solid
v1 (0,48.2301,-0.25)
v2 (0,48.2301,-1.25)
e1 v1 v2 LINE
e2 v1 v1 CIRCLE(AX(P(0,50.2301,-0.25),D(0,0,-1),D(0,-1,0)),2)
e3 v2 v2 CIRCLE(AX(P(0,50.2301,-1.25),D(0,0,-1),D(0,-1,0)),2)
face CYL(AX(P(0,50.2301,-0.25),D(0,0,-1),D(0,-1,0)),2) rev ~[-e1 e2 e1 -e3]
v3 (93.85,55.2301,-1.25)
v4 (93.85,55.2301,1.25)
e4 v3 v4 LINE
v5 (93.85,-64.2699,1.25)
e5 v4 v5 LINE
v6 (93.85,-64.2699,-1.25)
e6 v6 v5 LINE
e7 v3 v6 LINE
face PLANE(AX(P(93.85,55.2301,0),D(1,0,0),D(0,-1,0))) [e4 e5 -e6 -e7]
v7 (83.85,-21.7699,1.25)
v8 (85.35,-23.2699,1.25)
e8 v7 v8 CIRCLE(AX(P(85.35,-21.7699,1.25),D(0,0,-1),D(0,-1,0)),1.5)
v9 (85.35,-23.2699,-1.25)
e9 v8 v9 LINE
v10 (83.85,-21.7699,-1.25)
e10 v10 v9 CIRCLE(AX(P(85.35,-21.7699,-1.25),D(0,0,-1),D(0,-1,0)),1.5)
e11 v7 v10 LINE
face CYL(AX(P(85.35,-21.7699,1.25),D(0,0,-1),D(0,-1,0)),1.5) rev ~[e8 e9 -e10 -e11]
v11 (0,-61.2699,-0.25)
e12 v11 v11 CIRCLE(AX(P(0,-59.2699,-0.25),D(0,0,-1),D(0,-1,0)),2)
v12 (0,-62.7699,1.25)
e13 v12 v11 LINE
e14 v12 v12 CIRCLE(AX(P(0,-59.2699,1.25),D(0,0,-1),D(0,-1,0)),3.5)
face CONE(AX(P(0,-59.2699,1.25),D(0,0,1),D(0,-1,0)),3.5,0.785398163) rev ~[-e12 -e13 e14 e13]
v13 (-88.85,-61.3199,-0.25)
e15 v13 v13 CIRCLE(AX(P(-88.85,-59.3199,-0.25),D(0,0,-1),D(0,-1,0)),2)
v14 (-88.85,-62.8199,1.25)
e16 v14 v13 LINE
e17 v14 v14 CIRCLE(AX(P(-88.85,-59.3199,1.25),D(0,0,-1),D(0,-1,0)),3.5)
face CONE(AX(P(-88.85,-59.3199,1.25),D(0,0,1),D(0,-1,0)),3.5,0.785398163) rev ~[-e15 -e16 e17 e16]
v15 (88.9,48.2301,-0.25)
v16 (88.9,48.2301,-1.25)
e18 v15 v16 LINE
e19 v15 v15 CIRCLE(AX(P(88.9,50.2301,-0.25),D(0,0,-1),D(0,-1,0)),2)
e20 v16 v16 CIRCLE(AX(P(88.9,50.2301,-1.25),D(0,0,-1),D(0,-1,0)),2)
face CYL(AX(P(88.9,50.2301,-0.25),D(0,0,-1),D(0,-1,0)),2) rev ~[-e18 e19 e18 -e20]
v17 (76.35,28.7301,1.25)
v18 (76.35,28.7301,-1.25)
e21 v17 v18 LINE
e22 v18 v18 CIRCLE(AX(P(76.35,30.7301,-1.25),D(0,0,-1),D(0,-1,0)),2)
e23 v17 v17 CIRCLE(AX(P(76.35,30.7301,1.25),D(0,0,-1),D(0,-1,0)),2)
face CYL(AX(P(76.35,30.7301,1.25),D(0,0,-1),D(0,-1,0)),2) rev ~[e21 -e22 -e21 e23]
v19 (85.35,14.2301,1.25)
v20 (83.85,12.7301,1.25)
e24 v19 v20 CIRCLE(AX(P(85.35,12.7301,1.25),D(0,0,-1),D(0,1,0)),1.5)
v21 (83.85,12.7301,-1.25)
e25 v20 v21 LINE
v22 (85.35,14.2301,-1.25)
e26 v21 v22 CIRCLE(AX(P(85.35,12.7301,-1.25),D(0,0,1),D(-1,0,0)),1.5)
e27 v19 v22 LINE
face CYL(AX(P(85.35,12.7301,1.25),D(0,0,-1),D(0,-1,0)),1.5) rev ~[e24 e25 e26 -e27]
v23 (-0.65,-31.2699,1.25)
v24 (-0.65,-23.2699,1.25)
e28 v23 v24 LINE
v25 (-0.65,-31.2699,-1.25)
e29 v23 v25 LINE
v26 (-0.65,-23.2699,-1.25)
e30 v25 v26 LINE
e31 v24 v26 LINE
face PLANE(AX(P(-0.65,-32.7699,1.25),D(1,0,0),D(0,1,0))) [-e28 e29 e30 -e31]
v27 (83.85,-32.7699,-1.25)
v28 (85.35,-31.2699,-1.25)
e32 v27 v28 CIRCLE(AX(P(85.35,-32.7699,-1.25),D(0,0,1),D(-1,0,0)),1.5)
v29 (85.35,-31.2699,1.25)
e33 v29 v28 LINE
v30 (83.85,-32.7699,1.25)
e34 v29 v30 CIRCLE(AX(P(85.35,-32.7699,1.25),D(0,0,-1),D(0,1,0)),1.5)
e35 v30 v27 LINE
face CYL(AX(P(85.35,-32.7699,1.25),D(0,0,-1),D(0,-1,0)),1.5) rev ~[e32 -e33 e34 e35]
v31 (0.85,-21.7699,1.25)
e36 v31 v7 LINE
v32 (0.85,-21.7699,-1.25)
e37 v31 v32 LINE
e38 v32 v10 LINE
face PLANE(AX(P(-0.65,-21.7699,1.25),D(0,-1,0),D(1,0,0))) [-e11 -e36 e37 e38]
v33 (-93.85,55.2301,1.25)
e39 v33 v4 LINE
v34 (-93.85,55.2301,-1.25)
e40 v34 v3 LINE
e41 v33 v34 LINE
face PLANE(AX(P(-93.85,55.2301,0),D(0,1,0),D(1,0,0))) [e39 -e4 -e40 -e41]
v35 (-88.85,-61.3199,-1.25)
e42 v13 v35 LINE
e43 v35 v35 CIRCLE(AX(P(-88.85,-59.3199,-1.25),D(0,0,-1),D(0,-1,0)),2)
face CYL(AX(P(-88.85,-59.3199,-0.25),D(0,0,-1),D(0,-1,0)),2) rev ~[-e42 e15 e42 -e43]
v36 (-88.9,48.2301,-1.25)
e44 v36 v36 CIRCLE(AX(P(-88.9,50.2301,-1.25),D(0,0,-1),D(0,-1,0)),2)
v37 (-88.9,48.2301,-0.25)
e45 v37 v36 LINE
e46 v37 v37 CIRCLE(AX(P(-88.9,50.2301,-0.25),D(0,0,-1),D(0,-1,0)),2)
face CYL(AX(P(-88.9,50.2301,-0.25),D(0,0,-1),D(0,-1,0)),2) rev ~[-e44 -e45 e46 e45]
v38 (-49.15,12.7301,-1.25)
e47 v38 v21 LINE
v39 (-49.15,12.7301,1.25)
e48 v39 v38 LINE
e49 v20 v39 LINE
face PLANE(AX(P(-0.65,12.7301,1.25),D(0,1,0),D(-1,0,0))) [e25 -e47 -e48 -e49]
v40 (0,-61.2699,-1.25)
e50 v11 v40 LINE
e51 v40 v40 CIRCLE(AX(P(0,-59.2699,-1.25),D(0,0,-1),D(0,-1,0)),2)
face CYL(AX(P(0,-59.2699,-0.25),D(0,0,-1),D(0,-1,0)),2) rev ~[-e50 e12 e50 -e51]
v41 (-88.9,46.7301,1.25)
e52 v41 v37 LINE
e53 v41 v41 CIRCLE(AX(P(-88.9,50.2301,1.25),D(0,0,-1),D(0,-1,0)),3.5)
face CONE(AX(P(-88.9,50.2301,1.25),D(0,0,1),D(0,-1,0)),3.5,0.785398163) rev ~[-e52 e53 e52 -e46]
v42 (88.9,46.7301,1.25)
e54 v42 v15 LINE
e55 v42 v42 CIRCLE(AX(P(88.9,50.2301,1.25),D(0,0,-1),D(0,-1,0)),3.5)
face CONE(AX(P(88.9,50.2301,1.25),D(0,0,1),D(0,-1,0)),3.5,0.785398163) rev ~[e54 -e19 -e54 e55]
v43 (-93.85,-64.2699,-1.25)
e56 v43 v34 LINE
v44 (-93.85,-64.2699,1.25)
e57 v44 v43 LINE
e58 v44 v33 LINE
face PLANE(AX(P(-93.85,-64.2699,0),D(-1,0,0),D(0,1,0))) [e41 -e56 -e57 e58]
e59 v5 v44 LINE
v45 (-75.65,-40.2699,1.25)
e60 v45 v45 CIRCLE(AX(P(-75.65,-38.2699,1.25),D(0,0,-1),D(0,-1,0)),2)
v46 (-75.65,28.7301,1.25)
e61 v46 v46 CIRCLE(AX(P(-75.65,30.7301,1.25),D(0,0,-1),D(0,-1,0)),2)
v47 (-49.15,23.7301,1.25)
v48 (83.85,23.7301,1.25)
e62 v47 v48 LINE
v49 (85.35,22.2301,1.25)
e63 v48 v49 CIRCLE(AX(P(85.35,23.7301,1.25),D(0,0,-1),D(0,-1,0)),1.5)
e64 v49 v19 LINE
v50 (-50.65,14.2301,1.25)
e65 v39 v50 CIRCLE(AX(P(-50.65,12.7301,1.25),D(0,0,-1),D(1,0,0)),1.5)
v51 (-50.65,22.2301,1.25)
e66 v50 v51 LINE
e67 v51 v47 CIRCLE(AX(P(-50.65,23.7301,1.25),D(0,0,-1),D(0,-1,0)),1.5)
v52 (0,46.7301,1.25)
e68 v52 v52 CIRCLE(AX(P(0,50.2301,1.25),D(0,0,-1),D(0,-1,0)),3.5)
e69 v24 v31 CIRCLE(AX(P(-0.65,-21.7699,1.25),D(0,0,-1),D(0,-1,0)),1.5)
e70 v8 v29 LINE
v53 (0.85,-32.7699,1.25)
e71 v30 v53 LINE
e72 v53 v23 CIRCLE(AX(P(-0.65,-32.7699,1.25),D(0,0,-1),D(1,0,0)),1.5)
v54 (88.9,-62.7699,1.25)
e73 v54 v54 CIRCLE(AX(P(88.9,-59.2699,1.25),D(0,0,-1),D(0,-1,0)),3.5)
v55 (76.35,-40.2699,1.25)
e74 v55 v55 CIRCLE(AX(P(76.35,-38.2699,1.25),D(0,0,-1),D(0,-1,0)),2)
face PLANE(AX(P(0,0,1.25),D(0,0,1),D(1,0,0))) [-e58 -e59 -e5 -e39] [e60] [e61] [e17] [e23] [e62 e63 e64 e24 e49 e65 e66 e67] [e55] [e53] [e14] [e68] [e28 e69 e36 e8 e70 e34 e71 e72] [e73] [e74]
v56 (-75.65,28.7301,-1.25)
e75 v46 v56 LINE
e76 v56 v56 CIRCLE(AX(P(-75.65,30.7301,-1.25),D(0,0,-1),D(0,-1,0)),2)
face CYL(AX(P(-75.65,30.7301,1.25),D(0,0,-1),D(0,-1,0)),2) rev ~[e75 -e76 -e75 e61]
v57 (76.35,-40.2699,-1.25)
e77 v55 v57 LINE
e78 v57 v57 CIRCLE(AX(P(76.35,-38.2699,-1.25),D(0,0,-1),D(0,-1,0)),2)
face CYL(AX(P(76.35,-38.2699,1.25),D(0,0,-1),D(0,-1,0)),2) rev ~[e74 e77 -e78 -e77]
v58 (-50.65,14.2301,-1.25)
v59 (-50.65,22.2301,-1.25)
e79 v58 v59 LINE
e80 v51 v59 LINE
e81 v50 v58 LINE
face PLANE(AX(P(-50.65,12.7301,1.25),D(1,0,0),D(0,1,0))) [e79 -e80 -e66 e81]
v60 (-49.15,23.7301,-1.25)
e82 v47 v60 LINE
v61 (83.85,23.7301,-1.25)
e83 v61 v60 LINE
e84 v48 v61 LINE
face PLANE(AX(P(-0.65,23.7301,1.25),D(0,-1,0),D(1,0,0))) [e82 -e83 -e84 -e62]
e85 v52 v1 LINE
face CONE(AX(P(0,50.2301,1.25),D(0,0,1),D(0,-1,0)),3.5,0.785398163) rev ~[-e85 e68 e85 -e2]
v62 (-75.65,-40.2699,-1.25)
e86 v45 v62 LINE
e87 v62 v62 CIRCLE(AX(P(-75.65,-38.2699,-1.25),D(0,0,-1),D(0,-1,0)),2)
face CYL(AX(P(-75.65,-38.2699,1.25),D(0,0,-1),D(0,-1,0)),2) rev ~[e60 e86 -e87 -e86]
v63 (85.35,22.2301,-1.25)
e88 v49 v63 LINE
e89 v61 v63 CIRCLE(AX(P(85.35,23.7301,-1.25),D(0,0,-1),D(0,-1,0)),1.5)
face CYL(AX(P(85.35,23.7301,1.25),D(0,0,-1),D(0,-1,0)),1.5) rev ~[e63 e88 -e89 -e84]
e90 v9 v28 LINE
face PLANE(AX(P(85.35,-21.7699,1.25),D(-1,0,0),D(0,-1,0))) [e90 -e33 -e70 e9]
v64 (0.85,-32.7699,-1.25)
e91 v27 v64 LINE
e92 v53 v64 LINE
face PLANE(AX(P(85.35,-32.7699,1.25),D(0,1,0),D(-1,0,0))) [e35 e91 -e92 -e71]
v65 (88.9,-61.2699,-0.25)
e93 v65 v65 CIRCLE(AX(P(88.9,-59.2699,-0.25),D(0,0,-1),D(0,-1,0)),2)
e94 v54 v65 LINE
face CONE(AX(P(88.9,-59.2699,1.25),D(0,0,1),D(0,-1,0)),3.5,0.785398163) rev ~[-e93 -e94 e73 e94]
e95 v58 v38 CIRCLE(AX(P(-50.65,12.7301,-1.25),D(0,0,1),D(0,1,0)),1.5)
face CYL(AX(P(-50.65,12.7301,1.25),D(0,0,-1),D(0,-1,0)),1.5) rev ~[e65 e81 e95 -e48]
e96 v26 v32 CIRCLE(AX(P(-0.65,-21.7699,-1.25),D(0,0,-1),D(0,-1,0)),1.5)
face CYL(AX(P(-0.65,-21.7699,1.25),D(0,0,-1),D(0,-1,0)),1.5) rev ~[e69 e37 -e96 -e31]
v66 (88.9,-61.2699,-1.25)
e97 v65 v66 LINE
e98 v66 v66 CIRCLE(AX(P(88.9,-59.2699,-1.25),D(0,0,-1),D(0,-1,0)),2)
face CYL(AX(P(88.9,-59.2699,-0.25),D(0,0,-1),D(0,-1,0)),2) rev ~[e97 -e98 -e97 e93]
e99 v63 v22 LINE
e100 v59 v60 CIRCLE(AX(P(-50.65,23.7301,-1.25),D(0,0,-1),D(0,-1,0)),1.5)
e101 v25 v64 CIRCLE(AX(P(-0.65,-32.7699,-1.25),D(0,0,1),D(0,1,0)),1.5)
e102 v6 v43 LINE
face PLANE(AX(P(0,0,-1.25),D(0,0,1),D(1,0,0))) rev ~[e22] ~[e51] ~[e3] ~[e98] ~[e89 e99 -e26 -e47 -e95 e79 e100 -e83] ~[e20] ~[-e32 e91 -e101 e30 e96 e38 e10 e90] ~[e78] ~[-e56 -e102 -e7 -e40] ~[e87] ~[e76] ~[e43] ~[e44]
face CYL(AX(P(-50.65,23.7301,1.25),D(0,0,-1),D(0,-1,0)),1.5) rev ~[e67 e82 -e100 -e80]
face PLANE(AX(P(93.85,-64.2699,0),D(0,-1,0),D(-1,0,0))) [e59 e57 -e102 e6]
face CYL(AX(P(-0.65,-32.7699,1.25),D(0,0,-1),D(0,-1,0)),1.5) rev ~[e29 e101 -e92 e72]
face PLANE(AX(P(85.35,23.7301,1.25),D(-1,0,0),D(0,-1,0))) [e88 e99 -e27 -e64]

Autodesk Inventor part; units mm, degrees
ref_plane "YZ Plane" through (0, 0, 0) normal (1, 0, 0) x (0, 1, 0)
ref_plane "XZ Plane" through (0, 0, 0) normal (0, 1, 0) x (-1, 0, 0)
ref_plane "XY Plane" through (0, 0, 0) normal (0, 0, 1) x (1, 0, 0)
sketch "Sketch1" plane through (0, 0, 0) normal (0, 0, 1) x (1, 0, 0)
  line L0 (93.85, -64.2699) -> (-93.85, -64.2699)
  line L1 (-93.85, -64.2699) -> (-93.85, 55.2301)
  line L2 (-93.85, 55.2301) -> (93.85, 55.2301)
  line L3 (93.85, 55.2301) -> (93.85, -64.2699)
  line L4 (93.85, -64.2699) -> (-93.85, 55.2301) construction
  line L5 (-93.85, -64.2699) -> (93.85, 55.2301) construction
  point P0 (0, 0)
  point P1 (0, -4.5199)
  dimension "d0" = 187.7
  dimension "d1" = 119.5
extrude "Extrusion1" add sketch "Sketch1" along normal mid plane 2.5
hole "Hole2" at (-88.85, -59.3199, 1.25) direction (0, 0, -1) diameter 4 end through all countersink diameter 7 countersink angle 90
hole "Hole3" at (0, -59.2699, 1.25) direction (0, 0, -1) diameter 4 end through all countersink diameter 7 countersink angle 90
hole "Hole4" at (88.9, -59.2699, 1.25) direction (0, 0, -1) diameter 4 end through all countersink diameter 7 countersink angle 90
hole "Hole5" at (-88.9, 50.2301, 1.25) direction (0, 0, -1) diameter 4 end through all countersink diameter 7 countersink angle 90
hole "Hole6" at (0, 50.2301, 1.25) direction (0, 0, -1) diameter 4 end through all countersink diameter 7 countersink angle 90
hole "Hole7" at (88.9, 50.2301, 1.25) direction (0, 0, -1) diameter 4 end through all countersink diameter 7 countersink angle 90
hole "Hole8" at (76.35, -38.2699, 1.25) direction (0, 0, -1) diameter 4 end through all
hole "Hole9" at (76.35, 30.7301, 1.25) direction (0, 0, -1) diameter 4 end through all
hole "Hole10" at (-75.65, -38.2699, 1.25) direction (0, 0, -1) diameter 4 end through all
hole "Hole11" at (-75.65, 30.7301, 1.25) direction (0, 0, -1) diameter 4 end through all
sketch "Sketch5" plane through (0, 0, 1.25) normal (0, 0, 1) x (1, 0, 0)
  circle A0 centre (76.35, -38.2699) radius 2 projected
  line L0 (93.85, -64.2699) -> (93.85, 55.2301) projected
  line L1 (-0.65, -21.7699) -> (85.35, -21.7699)
  line L2 (85.35, -21.7699) -> (85.35, -32.7699)
  line L3 (85.35, -32.7699) -> (-0.65, -32.7699)
  line L4 (-0.65, -32.7699) -> (-0.65, -21.7699)
  point P0 (0, 0)
  dimension "d120" = 8.5
  dimension "d121" = 5.5
  dimension "d122" = 11
  dimension "d123" = 86
extrude "Cut1" cut sketch "Sketch5" along normal through all both and the other way through all contours L1 L2 L3 L4
pattern_linear "Rectangular Pattern1" count 2 spacing 45.5 along (0, 1, 0) of "Cut1"
hole "Hole19" at (85.35, 12.7301, 1.25) direction (0, 0, -1) diameter 3 end through all
hole "Hole20" at (85.35, 23.7301, 1.25) direction (0, 0, -1) diameter 3 end through all
hole "Hole23" at (85.35, -21.7699, 1.25) direction (0, 0, -1) diameter 3 end through all
hole "Hole24" at (85.35, -32.7699, 1.25) direction (0, 0, -1) diameter 3 end through all
sketch "Sketch8" plane through (0, 0, 1.25) normal (0, 0, 1) x (1, 0, 0)
  arc A0 (-0.65, 14.2301) -> (0.85, 12.7301) centre (-0.65, 12.7301) ccw projected
  line L0 (-0.65, 12.7301) -> (-0.65, 23.7301) projected
  arc A1 (0.85, 23.7301) -> (-0.65, 22.2301) centre (-0.65, 23.7301) ccw projected
  line L1 (-0.65, 23.7301) -> (-0.65, 12.7301)
  line L2 (-0.65, 12.7301) -> (-50.65, 12.7301)
  line L3 (-50.65, 12.7301) -> (-50.65, 23.7301)
  line L4 (-50.65, 23.7301) -> (-0.65, 23.7301)
  arc A2 (83.85, -32.7699) -> (85.35, -31.2699) centre (85.35, -32.7699) ccw projected
  line L5 (83.85, -32.7699) -> (-0.65, -32.7699) projected
  line L6 (-0.65, -32.7699) -> (-0.65, -21.7699) projected
  line L7 (-0.65, -21.7699) -> (83.85, -21.7699) projected
  arc A3 (85.35, -23.2699) -> (83.85, -21.7699) centre (85.35, -21.7699) ccw projected
  line L8 (85.35, -23.2699) -> (85.35, -31.2699) projected
  arc A4 (85.35, 22.2301) -> (83.85, 23.7301) centre (85.35, 23.7301) ccw projected
  line L9 (85.35, 22.2301) -> (85.35, 14.2301) projected
  arc A5 (83.85, 12.7301) -> (85.35, 14.2301) centre (85.35, 12.7301) ccw projected
  line L10 (83.85, 12.7301) -> (-0.65, 12.7301) projected
  line L11 (-0.65, 12.7301) -> (-0.65, 23.7301) projected
  line L12 (-0.65, 23.7301) -> (83.85, 23.7301) projected
  circle A6 centre (-75.65, 30.7301) radius 2 projected
  circle A7 centre (-75.65, -38.2699) radius 2 projected
  circle A8 centre (76.35, 30.7301) radius 2 projected
  circle A9 centre (76.35, -38.2699) radius 2 projected
  circle A10 centre (88.9, 50.2301) radius 3.5 projected
  circle A11 centre (0, 50.2301) radius 3.5 projected
  circle A12 centre (-88.9, 50.2301) radius 3.5 projected
  circle A13 centre (88.9, -59.2699) radius 3.5 projected
  circle A14 centre (0, -59.2699) radius 3.5 projected
  circle A15 centre (-88.85, -59.3199) radius 3.5 projected
  line L13 (-93.85, -64.2699) -> (93.85, -64.2699) projected
  line L14 (93.85, -64.2699) -> (93.85, 55.2301) projected
  line L15 (93.85, 55.2301) -> (-93.85, 55.2301) projected
  line L16 (-93.85, 55.2301) -> (-93.85, -64.2699) projected
  point P0 (0, 0)
  dimension "d273" = 50
extrude "Cut4" cut sketch "Sketch8" against normal through all contours L0 L2 A0 | A0 L2 L3 L4 A1 L0 | A1 L4 L0
hole "Hole27" at (-50.65, 23.7301, 1.25) direction (0, 0, -1) diameter 3 end through all
hole "Hole28" at (-50.65, 12.7301, 1.25) direction (0, 0, -1) diameter 3 end through all
hole "Hole29" at (-0.65, -21.7699, 1.25) direction (0, 0, -1) diameter 3 end through all
hole "Hole30" at (-0.65, -32.7699, 1.25) direction (0, 0, -1) diameter 3 end through all
equation "\"d124\" = Thickness"
equation "\"d205\" = Thickness"
equation "\"d214\" = Thickness"
equation "\"d241\" = Thickness"
equation "\"d250\" = Thickness"
equation "\"d274\" = Thickness"
equation "\"d283\" = Thickness"
equation "\"d292\" = Thickness"
equation "\"d301\" = Thickness"
equation "\"d310\" = Thickness"
equation "\"BendRadius\" = Thickness"
equation "\"BendReliefWidth\" = Thickness"
equation "\"BendReliefDepth\" = 0.5 * Thickness"
equation "\"CornerReliefSize\" = 4 * Thickness"
equation "\"MinimumRemnant\" = 2 * Thickness"
equation "\"TransitionRadius\" = BendRadius"
equation "\"JacobiRadiusSize\" = Thickness"
equation "\"GapSize\" = Thickness"
equation "\"Thickness\" = 0.5"
properties part number "Driver4BusV11TopCorrected"
